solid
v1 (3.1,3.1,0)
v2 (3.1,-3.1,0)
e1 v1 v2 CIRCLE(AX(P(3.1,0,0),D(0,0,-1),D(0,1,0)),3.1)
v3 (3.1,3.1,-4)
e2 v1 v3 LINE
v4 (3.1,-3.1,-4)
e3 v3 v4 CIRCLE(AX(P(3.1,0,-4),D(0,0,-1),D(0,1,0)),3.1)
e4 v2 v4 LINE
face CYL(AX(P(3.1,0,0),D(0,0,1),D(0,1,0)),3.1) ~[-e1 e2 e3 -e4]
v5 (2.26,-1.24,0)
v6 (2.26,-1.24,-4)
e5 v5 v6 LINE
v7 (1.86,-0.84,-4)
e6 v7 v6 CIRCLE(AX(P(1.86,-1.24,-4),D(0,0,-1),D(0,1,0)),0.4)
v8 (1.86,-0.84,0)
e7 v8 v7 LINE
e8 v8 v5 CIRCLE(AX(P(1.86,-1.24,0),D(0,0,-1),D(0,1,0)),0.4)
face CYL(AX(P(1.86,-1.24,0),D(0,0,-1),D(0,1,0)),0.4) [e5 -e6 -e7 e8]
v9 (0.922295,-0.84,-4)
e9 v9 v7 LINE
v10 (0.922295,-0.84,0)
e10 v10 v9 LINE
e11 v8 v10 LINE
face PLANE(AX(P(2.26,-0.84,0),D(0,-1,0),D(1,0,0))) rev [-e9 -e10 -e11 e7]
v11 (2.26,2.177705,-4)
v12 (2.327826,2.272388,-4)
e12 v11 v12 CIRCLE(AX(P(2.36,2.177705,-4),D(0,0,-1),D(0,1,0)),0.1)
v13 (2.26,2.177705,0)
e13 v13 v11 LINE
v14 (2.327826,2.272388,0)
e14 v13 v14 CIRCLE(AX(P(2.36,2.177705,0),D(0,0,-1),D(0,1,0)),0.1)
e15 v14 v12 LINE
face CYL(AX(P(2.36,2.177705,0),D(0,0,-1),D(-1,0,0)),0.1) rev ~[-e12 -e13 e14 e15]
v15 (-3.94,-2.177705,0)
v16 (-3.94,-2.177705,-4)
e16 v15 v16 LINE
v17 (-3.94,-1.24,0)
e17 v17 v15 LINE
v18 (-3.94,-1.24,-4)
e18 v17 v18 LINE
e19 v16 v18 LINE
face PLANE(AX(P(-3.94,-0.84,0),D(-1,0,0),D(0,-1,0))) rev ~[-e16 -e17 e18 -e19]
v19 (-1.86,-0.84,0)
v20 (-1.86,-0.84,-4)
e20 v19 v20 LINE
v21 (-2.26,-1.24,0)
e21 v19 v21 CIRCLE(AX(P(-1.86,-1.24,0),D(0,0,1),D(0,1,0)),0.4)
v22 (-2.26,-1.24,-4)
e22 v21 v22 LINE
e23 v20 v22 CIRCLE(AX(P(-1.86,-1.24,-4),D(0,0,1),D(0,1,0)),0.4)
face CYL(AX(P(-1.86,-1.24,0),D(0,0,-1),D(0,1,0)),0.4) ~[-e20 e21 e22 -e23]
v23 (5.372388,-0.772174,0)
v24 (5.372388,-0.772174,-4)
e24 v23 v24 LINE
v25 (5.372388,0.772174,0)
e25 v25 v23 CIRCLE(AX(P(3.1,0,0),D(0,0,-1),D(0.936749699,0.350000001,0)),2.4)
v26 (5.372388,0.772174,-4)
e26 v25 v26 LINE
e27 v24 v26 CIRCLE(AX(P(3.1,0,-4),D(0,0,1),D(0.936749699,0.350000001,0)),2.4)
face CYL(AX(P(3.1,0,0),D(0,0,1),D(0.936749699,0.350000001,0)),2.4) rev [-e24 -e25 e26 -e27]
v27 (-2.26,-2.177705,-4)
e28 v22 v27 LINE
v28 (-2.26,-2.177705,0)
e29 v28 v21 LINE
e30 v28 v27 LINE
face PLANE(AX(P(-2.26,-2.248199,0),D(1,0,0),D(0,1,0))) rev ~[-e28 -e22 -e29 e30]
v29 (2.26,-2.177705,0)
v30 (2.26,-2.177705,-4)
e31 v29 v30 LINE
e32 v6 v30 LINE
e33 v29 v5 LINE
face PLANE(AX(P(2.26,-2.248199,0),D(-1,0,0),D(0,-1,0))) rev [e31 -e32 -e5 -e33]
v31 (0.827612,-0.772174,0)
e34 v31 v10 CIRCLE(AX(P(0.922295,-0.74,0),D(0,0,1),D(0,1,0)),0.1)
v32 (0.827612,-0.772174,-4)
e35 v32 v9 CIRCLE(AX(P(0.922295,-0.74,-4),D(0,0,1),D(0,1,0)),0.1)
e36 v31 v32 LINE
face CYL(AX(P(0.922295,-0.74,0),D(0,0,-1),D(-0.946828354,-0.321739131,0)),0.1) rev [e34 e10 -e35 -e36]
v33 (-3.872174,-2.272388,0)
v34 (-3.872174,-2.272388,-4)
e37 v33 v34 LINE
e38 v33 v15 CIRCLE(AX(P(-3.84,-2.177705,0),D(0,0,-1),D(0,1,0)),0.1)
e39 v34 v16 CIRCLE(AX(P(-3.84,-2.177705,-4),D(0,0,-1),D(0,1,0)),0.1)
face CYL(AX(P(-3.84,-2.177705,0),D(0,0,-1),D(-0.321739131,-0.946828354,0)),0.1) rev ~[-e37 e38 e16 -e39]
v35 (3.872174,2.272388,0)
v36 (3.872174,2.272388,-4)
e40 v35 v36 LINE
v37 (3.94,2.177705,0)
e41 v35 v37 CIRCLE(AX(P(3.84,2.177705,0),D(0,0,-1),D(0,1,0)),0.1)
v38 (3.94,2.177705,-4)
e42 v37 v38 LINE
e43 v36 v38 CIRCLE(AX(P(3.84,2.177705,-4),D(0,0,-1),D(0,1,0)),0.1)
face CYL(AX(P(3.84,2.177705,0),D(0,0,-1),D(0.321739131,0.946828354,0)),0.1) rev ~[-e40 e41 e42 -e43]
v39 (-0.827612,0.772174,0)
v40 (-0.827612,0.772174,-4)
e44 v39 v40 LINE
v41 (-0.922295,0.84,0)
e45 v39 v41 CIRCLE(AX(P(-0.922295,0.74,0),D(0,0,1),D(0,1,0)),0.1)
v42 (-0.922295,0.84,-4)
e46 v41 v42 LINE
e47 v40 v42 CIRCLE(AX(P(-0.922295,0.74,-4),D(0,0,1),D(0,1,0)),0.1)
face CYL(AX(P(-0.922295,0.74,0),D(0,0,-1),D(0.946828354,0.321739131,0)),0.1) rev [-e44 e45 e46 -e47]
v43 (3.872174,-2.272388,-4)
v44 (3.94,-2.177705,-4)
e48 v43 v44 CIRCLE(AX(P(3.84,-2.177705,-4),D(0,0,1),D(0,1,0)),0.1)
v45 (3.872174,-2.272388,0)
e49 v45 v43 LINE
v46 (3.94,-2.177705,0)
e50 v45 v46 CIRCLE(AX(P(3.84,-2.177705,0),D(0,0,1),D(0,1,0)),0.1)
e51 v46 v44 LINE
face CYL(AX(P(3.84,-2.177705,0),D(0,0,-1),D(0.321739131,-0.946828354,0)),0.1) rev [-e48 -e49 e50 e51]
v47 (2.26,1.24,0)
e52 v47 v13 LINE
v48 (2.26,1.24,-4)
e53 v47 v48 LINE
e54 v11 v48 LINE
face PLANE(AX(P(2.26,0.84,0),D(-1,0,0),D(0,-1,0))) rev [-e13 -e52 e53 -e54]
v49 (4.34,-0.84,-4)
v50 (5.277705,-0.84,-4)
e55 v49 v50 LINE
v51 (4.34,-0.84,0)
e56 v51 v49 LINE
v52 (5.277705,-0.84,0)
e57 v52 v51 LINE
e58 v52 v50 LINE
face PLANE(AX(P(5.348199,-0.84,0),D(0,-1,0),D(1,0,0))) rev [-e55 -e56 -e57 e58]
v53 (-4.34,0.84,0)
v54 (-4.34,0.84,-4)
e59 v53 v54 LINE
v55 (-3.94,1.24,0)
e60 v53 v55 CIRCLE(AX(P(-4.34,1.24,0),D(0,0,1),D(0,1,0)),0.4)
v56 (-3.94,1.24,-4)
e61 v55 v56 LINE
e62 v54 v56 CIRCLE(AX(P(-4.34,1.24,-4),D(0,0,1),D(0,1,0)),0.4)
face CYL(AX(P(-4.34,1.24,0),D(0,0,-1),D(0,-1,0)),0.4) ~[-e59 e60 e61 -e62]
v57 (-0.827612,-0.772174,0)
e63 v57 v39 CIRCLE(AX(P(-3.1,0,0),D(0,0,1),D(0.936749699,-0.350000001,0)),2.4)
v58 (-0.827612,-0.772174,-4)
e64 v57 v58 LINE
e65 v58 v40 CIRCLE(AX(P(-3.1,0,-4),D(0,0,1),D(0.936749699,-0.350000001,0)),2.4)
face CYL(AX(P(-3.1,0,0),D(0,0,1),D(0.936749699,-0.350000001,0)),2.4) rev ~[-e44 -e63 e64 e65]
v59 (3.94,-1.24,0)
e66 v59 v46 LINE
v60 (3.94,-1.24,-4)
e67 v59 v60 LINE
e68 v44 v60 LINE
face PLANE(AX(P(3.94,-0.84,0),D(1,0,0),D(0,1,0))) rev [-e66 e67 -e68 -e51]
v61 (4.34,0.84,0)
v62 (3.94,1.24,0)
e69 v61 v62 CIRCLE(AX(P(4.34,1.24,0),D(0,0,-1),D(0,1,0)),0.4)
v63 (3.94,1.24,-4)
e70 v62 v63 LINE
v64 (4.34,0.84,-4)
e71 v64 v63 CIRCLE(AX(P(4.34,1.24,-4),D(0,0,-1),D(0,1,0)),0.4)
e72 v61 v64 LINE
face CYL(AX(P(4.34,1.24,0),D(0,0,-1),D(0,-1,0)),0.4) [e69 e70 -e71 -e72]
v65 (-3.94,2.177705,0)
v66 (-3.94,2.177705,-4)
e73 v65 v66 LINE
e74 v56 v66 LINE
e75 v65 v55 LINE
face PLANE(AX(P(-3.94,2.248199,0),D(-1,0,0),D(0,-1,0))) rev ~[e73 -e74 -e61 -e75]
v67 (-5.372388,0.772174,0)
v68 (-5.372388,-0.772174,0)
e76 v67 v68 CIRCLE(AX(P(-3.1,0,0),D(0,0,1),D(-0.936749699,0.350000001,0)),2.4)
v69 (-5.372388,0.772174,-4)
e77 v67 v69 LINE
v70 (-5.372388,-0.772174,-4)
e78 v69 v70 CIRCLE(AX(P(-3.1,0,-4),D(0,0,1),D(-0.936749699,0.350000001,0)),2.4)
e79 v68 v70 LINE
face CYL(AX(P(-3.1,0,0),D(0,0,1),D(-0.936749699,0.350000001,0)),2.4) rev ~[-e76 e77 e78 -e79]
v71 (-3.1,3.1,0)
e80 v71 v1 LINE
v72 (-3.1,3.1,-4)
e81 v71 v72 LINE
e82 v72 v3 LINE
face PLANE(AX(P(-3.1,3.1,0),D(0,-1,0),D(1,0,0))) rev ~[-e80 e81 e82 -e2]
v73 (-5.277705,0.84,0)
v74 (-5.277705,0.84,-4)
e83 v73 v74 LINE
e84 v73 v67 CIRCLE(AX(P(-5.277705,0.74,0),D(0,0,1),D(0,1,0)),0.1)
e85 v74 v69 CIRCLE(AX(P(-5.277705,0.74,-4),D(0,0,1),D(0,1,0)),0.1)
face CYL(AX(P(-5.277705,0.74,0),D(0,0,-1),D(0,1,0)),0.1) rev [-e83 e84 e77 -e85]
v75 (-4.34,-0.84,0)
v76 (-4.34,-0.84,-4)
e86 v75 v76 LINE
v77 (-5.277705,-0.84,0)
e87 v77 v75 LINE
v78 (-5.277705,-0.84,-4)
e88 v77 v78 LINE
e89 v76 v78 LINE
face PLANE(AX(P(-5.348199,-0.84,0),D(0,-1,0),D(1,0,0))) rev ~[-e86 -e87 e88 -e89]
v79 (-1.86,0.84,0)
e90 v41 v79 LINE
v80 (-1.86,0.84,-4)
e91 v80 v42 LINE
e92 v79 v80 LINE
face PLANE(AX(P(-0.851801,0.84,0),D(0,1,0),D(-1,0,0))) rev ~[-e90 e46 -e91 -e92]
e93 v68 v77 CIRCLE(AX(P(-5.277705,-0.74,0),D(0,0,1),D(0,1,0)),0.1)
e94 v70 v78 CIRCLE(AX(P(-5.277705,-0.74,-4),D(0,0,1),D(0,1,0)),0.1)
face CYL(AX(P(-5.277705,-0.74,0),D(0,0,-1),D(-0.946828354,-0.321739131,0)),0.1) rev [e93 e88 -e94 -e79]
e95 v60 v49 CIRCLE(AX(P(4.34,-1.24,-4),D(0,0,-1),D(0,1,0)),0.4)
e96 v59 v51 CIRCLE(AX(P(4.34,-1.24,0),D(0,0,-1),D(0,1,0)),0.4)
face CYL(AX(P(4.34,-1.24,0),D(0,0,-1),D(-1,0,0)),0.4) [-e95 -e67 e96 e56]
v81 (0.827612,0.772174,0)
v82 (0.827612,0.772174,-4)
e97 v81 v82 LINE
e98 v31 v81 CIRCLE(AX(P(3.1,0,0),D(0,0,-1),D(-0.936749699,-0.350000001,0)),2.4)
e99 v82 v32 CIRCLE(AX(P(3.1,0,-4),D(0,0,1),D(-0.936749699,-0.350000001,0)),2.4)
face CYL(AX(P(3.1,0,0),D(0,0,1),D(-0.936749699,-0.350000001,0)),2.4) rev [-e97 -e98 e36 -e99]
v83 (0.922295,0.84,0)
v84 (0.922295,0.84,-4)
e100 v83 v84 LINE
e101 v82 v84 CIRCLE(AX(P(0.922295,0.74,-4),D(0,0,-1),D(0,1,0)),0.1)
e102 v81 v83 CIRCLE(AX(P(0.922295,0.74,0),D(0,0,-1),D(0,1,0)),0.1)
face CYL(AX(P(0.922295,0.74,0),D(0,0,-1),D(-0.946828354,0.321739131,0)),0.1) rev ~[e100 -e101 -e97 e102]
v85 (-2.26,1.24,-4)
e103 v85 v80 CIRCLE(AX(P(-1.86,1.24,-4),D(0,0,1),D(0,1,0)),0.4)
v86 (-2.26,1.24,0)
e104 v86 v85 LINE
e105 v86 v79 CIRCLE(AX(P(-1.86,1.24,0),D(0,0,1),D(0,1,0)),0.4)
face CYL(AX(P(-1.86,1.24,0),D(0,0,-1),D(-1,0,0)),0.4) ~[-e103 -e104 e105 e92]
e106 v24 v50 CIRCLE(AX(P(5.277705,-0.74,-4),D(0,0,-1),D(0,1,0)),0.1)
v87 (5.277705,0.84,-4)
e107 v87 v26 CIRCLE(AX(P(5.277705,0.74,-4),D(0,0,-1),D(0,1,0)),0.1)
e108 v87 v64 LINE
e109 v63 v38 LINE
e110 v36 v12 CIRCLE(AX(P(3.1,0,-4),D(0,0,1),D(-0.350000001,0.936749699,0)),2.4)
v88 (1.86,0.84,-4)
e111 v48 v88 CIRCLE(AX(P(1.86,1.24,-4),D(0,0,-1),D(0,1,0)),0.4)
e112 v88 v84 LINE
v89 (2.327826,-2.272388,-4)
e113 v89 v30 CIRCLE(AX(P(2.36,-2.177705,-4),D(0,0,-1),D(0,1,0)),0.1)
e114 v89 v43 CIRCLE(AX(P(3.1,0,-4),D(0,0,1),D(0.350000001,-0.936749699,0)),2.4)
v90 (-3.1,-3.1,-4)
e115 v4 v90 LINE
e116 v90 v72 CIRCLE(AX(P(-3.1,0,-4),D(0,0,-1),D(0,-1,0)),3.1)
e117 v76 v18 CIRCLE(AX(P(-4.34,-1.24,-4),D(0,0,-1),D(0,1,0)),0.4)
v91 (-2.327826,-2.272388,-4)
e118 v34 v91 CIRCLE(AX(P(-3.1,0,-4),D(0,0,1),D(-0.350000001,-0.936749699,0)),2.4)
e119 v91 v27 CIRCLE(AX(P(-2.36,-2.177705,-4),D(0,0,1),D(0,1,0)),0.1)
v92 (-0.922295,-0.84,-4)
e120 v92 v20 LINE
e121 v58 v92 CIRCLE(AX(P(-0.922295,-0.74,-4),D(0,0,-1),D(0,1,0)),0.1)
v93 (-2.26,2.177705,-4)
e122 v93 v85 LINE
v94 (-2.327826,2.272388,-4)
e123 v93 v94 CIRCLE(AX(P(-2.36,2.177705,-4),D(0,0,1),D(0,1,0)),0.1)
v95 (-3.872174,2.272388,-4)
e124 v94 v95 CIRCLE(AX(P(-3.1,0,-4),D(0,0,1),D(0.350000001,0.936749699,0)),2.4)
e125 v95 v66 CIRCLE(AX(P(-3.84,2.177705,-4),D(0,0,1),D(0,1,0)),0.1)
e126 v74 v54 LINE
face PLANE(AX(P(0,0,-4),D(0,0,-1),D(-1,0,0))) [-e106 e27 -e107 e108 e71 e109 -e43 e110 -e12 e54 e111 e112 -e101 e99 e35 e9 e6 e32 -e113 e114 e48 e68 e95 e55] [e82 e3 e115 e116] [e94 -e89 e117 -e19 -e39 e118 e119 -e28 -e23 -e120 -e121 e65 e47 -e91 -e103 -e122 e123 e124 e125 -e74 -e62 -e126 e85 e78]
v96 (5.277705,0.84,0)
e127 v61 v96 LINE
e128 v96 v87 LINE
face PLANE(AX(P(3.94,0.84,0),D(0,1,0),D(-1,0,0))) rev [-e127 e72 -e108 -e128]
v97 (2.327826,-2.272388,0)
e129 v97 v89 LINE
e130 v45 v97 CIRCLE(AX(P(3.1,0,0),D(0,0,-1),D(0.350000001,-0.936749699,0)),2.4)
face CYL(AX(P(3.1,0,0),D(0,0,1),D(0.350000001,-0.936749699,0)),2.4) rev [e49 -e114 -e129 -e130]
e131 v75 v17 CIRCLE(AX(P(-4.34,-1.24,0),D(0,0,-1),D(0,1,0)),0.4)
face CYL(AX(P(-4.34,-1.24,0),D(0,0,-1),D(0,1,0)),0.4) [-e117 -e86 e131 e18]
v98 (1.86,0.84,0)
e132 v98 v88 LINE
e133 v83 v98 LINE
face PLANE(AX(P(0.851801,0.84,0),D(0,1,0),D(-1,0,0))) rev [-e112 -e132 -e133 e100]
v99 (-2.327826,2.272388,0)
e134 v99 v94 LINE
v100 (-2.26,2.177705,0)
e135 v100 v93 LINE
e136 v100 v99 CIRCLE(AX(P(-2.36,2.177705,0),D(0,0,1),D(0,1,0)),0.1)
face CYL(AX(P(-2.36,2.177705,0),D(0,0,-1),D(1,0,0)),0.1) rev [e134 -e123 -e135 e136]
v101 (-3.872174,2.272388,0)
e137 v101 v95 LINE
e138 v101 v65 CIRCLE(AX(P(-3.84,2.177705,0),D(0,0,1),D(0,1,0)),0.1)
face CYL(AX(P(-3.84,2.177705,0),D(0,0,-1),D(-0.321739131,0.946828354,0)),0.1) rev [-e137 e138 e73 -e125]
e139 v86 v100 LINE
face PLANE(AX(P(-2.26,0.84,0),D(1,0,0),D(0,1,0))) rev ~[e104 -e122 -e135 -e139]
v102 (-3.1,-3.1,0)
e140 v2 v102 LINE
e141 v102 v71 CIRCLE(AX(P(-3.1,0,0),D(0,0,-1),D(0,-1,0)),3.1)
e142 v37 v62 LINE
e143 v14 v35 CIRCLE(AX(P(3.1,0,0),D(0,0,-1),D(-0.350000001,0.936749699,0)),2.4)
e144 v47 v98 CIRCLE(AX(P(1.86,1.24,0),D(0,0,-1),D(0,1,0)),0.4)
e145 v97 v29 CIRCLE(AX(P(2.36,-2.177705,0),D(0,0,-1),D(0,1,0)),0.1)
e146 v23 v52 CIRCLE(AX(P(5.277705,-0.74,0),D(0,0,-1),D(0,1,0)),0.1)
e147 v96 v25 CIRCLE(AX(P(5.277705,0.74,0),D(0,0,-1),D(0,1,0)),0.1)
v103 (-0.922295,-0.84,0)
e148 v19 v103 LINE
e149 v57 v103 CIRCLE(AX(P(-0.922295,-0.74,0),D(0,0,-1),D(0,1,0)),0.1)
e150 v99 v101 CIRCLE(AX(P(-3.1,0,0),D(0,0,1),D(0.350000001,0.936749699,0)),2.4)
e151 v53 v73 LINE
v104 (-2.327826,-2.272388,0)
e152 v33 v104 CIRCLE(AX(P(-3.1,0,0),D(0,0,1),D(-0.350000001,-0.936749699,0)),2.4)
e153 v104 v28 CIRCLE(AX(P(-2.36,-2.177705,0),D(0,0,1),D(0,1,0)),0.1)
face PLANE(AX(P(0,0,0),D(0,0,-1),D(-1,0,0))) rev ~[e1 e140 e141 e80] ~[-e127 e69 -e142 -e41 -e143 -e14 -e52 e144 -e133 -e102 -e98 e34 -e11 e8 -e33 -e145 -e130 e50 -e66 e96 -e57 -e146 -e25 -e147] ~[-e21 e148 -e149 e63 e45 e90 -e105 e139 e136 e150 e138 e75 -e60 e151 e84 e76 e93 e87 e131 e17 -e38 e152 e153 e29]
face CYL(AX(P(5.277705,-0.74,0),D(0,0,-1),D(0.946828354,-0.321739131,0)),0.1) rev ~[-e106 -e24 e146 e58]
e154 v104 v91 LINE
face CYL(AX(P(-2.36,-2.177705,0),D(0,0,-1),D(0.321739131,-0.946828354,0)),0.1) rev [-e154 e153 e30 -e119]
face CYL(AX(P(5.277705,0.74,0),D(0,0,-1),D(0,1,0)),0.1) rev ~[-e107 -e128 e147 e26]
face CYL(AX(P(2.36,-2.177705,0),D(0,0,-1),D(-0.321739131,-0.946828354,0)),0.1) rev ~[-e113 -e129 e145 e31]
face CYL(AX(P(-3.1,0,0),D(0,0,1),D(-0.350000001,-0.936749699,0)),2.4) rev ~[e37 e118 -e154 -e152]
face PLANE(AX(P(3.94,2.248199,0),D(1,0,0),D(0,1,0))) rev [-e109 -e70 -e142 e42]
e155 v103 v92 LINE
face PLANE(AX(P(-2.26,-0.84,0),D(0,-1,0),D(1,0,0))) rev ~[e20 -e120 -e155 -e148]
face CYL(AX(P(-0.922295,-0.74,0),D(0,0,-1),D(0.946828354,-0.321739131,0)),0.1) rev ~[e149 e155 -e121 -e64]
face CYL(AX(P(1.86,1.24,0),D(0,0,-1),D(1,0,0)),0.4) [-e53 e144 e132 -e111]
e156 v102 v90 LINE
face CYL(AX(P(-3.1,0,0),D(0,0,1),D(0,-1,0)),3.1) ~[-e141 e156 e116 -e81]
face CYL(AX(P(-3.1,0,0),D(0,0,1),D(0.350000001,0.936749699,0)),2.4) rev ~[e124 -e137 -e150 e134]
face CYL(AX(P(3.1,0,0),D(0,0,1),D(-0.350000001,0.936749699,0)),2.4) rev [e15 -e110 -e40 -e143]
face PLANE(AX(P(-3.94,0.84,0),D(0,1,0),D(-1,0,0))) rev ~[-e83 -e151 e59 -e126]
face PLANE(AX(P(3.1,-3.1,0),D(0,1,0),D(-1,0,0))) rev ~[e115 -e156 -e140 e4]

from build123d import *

# Parameters (mm, degrees)
BOSS_EXTRUDE1_DEPTH   = 4
CUT_EXTRUDE1_DEPTH    = 9.00312439
FILLET1_R             = 0.4
FILLET2_R             = 0.4
FILLET3_R             = 0.4
FILLET4_R             = 0.4
FILLET5_R             = 0.1
FILLET6_R             = 0.1
FILLET7_R             = 0.1
FILLET8_R             = 0.1
FILLET9_R             = 0.1
FILLET10_R            = 0.1
FILLET11_R            = 0.1
FILLET12_R            = 0.1
FILLET1_OF_MIRROR1_R  = 0.4
FILLET2_OF_MIRROR1_R  = 0.4
FILLET3_OF_MIRROR1_R  = 0.4
FILLET4_OF_MIRROR1_R  = 0.4
FILLET5_OF_MIRROR1_R  = 0.1
FILLET6_OF_MIRROR1_R  = 0.1
FILLET7_OF_MIRROR1_R  = 0.1
FILLET8_OF_MIRROR1_R  = 0.1
FILLET9_OF_MIRROR1_R  = 0.1
FILLET10_OF_MIRROR1_R = 0.1
FILLET11_OF_MIRROR1_R = 0.1
FILLET12_OF_MIRROR1_R = 0.1


with BuildPart() as part:
    # Sketch2 → Boss-Extrude1 (new body)
    with BuildSketch(Plane.XY):
        with BuildLine():
            Line((-3.1, 3.1), (3.1, 3.1))
            ThreePointArc((3.1, 3.1), (6.2, 0), (3.1, -3.1))
            Line((3.1, -3.1), (-3.1, -3.1))
            ThreePointArc((-3.1, -3.1), (-6.2, 0), (-3.1, 3.1))
        make_face()
    extrude(amount=-BOSS_EXTRUDE1_DEPTH)

    # Sketch4 → Cut-Extrude1 (cut, through all)
    with BuildSketch(Plane.XY):
        with BuildLine():
            Line((-3.94, -0.84), (-3.94, -2.248199279))
            ThreePointArc((-3.94, -2.248199279), (-3.1, -2.4), (-2.26, -2.248199279))
            Line((-2.26, -2.248199279), (-2.26, -0.84))
            Line((-2.26, -0.84), (-0.851800721, -0.84))
            ThreePointArc((-0.851800721, -0.84), (-0.7, 0), (-0.851800721, 0.84))
            Line((-0.851800721, 0.84), (-2.26, 0.84))
            Line((-2.26, 0.84), (-2.26, 2.248199279))
            ThreePointArc((-2.26, 2.248199279), (-3.1, 2.4), (-3.94, 2.248199279))
            Line((-3.94, 2.248199279), (-3.94, 0.84))
            Line((-3.94, 0.84), (-5.348199279, 0.84))
            ThreePointArc((-5.348199279, 0.84), (-5.5, 0), (-5.348199279, -0.84))
            Line((-5.348199279, -0.84), (-3.94, -0.84))
        make_face()
    cut_extrude1 = extrude(amount=-CUT_EXTRUDE1_DEPTH, mode=Mode.SUBTRACT)

    # Fillet1
    fillet1_edges = [part.edges().sort_by_distance(p)[0] for p in [
        (-3.94, -0.84, -2),
    ]]
    fillet(fillet1_edges, radius=FILLET1_R)

    # Fillet2
    fillet2_edges = [part.edges().sort_by_distance(p)[0] for p in [
        (-3.94, 0.84, -2),
    ]]
    fillet(fillet2_edges, radius=FILLET2_R)

    # Fillet3
    fillet3_edges = [part.edges().sort_by_distance(p)[0] for p in [
        (-2.26, 0.84, -2),
    ]]
    fillet(fillet3_edges, radius=FILLET3_R)

    # Fillet4
    fillet4_edges = [part.edges().sort_by_distance(p)[0] for p in [
        (-2.26, -0.84, -2),
    ]]
    fillet(fillet4_edges, radius=FILLET4_R)

    # Fillet5
    fillet5_edges = [part.edges().sort_by_distance(p)[0] for p in [
        (-3.94, -2.248199279, -2),
    ]]
    fillet(fillet5_edges, radius=FILLET5_R)

    # Fillet6
    fillet6_edges = [part.edges().sort_by_distance(p)[0] for p in [
        (-2.26, -2.248199279, -2),
    ]]
    fillet(fillet6_edges, radius=FILLET6_R)

    # Fillet7
    fillet7_edges = [part.edges().sort_by_distance(p)[0] for p in [
        (-0.851800721, 0.84, -2),
    ]]
    fillet(fillet7_edges, radius=FILLET7_R)

    # Fillet8
    fillet8_edges = [part.edges().sort_by_distance(p)[0] for p in [
        (-0.851800721, -0.84, -2),
    ]]
    fillet(fillet8_edges, radius=FILLET8_R)

    # Fillet9
    fillet9_edges = [part.edges().sort_by_distance(p)[0] for p in [
        (-2.26, 2.248199279, -2),
    ]]
    fillet(fillet9_edges, radius=FILLET9_R)

    # Fillet10
    fillet10_edges = [part.edges().sort_by_distance(p)[0] for p in [
        (-3.94, 2.248199279, -2),
    ]]
    fillet(fillet10_edges, radius=FILLET10_R)

    # Fillet11
    fillet11_edges = [part.edges().sort_by_distance(p)[0] for p in [
        (-5.348199279, 0.84, -2),
    ]]
    fillet(fillet11_edges, radius=FILLET11_R)

    # Fillet12
    fillet12_edges = [part.edges().sort_by_distance(p)[0] for p in [
        (-5.348199279, -0.84, -2),
    ]]
    fillet(fillet12_edges, radius=FILLET12_R)

    # Mirror1: Cut-Extrude1 across plane
    add(cut_extrude1.mirror(Plane(origin=(0, 0, 0), x_dir=(0, 0, 1), z_dir=(1, 0, 0))), mode=Mode.SUBTRACT)

    # Fillet1 of Mirror1
    fillet1_of_mirror1_edges = [part.edges().sort_by_distance(p)[0] for p in [
        (3.94, -0.84, -2),
    ]]
    fillet(fillet1_of_mirror1_edges, radius=FILLET1_OF_MIRROR1_R)

    # Fillet2 of Mirror1
    fillet2_of_mirror1_edges = [part.edges().sort_by_distance(p)[0] for p in [
        (3.94, 0.84, -2),
    ]]
    fillet(fillet2_of_mirror1_edges, radius=FILLET2_OF_MIRROR1_R)

    # Fillet3 of Mirror1
    fillet3_of_mirror1_edges = [part.edges().sort_by_distance(p)[0] for p in [
        (2.26, 0.84, -2),
    ]]
    fillet(fillet3_of_mirror1_edges, radius=FILLET3_OF_MIRROR1_R)

    # Fillet4 of Mirror1
    fillet4_of_mirror1_edges = [part.edges().sort_by_distance(p)[0] for p in [
        (2.26, -0.84, -2),
    ]]
    fillet(fillet4_of_mirror1_edges, radius=FILLET4_OF_MIRROR1_R)

    # Fillet5 of Mirror1
    fillet5_of_mirror1_edges = [part.edges().sort_by_distance(p)[0] for p in [
        (3.94, -2.248199279, -2),
    ]]
    fillet(fillet5_of_mirror1_edges, radius=FILLET5_OF_MIRROR1_R)

    # Fillet6 of Mirror1
    fillet6_of_mirror1_edges = [part.edges().sort_by_distance(p)[0] for p in [
        (2.26, -2.248199279, -2),
    ]]
    fillet(fillet6_of_mirror1_edges, radius=FILLET6_OF_MIRROR1_R)

    # Fillet7 of Mirror1
    fillet7_of_mirror1_edges = [part.edges().sort_by_distance(p)[0] for p in [
        (0.851800721, 0.84, -2),
    ]]
    fillet(fillet7_of_mirror1_edges, radius=FILLET7_OF_MIRROR1_R)

    # Fillet8 of Mirror1
    fillet8_of_mirror1_edges = [part.edges().sort_by_distance(p)[0] for p in [
        (0.851800721, -0.84, -2),
    ]]
    fillet(fillet8_of_mirror1_edges, radius=FILLET8_OF_MIRROR1_R)

    # Fillet9 of Mirror1
    fillet9_of_mirror1_edges = [part.edges().sort_by_distance(p)[0] for p in [
        (2.26, 2.248199279, -2),
    ]]
    fillet(fillet9_of_mirror1_edges, radius=FILLET9_OF_MIRROR1_R)

    # Fillet10 of Mirror1
    fillet10_of_mirror1_edges = [part.edges().sort_by_distance(p)[0] for p in [
        (3.94, 2.248199279, -2),
    ]]
    fillet(fillet10_of_mirror1_edges, radius=FILLET10_OF_MIRROR1_R)

    # Fillet11 of Mirror1
    fillet11_of_mirror1_edges = [part.edges().sort_by_distance(p)[0] for p in [
        (5.348199279, 0.84, -2),
    ]]
    fillet(fillet11_of_mirror1_edges, radius=FILLET11_OF_MIRROR1_R)

    # Fillet12 of Mirror1
    fillet12_of_mirror1_edges = [part.edges().sort_by_distance(p)[0] for p in [
        (5.348199279, -0.84, -2),
    ]]
    fillet(fillet12_of_mirror1_edges, radius=FILLET12_OF_MIRROR1_R)


solid = part.part
